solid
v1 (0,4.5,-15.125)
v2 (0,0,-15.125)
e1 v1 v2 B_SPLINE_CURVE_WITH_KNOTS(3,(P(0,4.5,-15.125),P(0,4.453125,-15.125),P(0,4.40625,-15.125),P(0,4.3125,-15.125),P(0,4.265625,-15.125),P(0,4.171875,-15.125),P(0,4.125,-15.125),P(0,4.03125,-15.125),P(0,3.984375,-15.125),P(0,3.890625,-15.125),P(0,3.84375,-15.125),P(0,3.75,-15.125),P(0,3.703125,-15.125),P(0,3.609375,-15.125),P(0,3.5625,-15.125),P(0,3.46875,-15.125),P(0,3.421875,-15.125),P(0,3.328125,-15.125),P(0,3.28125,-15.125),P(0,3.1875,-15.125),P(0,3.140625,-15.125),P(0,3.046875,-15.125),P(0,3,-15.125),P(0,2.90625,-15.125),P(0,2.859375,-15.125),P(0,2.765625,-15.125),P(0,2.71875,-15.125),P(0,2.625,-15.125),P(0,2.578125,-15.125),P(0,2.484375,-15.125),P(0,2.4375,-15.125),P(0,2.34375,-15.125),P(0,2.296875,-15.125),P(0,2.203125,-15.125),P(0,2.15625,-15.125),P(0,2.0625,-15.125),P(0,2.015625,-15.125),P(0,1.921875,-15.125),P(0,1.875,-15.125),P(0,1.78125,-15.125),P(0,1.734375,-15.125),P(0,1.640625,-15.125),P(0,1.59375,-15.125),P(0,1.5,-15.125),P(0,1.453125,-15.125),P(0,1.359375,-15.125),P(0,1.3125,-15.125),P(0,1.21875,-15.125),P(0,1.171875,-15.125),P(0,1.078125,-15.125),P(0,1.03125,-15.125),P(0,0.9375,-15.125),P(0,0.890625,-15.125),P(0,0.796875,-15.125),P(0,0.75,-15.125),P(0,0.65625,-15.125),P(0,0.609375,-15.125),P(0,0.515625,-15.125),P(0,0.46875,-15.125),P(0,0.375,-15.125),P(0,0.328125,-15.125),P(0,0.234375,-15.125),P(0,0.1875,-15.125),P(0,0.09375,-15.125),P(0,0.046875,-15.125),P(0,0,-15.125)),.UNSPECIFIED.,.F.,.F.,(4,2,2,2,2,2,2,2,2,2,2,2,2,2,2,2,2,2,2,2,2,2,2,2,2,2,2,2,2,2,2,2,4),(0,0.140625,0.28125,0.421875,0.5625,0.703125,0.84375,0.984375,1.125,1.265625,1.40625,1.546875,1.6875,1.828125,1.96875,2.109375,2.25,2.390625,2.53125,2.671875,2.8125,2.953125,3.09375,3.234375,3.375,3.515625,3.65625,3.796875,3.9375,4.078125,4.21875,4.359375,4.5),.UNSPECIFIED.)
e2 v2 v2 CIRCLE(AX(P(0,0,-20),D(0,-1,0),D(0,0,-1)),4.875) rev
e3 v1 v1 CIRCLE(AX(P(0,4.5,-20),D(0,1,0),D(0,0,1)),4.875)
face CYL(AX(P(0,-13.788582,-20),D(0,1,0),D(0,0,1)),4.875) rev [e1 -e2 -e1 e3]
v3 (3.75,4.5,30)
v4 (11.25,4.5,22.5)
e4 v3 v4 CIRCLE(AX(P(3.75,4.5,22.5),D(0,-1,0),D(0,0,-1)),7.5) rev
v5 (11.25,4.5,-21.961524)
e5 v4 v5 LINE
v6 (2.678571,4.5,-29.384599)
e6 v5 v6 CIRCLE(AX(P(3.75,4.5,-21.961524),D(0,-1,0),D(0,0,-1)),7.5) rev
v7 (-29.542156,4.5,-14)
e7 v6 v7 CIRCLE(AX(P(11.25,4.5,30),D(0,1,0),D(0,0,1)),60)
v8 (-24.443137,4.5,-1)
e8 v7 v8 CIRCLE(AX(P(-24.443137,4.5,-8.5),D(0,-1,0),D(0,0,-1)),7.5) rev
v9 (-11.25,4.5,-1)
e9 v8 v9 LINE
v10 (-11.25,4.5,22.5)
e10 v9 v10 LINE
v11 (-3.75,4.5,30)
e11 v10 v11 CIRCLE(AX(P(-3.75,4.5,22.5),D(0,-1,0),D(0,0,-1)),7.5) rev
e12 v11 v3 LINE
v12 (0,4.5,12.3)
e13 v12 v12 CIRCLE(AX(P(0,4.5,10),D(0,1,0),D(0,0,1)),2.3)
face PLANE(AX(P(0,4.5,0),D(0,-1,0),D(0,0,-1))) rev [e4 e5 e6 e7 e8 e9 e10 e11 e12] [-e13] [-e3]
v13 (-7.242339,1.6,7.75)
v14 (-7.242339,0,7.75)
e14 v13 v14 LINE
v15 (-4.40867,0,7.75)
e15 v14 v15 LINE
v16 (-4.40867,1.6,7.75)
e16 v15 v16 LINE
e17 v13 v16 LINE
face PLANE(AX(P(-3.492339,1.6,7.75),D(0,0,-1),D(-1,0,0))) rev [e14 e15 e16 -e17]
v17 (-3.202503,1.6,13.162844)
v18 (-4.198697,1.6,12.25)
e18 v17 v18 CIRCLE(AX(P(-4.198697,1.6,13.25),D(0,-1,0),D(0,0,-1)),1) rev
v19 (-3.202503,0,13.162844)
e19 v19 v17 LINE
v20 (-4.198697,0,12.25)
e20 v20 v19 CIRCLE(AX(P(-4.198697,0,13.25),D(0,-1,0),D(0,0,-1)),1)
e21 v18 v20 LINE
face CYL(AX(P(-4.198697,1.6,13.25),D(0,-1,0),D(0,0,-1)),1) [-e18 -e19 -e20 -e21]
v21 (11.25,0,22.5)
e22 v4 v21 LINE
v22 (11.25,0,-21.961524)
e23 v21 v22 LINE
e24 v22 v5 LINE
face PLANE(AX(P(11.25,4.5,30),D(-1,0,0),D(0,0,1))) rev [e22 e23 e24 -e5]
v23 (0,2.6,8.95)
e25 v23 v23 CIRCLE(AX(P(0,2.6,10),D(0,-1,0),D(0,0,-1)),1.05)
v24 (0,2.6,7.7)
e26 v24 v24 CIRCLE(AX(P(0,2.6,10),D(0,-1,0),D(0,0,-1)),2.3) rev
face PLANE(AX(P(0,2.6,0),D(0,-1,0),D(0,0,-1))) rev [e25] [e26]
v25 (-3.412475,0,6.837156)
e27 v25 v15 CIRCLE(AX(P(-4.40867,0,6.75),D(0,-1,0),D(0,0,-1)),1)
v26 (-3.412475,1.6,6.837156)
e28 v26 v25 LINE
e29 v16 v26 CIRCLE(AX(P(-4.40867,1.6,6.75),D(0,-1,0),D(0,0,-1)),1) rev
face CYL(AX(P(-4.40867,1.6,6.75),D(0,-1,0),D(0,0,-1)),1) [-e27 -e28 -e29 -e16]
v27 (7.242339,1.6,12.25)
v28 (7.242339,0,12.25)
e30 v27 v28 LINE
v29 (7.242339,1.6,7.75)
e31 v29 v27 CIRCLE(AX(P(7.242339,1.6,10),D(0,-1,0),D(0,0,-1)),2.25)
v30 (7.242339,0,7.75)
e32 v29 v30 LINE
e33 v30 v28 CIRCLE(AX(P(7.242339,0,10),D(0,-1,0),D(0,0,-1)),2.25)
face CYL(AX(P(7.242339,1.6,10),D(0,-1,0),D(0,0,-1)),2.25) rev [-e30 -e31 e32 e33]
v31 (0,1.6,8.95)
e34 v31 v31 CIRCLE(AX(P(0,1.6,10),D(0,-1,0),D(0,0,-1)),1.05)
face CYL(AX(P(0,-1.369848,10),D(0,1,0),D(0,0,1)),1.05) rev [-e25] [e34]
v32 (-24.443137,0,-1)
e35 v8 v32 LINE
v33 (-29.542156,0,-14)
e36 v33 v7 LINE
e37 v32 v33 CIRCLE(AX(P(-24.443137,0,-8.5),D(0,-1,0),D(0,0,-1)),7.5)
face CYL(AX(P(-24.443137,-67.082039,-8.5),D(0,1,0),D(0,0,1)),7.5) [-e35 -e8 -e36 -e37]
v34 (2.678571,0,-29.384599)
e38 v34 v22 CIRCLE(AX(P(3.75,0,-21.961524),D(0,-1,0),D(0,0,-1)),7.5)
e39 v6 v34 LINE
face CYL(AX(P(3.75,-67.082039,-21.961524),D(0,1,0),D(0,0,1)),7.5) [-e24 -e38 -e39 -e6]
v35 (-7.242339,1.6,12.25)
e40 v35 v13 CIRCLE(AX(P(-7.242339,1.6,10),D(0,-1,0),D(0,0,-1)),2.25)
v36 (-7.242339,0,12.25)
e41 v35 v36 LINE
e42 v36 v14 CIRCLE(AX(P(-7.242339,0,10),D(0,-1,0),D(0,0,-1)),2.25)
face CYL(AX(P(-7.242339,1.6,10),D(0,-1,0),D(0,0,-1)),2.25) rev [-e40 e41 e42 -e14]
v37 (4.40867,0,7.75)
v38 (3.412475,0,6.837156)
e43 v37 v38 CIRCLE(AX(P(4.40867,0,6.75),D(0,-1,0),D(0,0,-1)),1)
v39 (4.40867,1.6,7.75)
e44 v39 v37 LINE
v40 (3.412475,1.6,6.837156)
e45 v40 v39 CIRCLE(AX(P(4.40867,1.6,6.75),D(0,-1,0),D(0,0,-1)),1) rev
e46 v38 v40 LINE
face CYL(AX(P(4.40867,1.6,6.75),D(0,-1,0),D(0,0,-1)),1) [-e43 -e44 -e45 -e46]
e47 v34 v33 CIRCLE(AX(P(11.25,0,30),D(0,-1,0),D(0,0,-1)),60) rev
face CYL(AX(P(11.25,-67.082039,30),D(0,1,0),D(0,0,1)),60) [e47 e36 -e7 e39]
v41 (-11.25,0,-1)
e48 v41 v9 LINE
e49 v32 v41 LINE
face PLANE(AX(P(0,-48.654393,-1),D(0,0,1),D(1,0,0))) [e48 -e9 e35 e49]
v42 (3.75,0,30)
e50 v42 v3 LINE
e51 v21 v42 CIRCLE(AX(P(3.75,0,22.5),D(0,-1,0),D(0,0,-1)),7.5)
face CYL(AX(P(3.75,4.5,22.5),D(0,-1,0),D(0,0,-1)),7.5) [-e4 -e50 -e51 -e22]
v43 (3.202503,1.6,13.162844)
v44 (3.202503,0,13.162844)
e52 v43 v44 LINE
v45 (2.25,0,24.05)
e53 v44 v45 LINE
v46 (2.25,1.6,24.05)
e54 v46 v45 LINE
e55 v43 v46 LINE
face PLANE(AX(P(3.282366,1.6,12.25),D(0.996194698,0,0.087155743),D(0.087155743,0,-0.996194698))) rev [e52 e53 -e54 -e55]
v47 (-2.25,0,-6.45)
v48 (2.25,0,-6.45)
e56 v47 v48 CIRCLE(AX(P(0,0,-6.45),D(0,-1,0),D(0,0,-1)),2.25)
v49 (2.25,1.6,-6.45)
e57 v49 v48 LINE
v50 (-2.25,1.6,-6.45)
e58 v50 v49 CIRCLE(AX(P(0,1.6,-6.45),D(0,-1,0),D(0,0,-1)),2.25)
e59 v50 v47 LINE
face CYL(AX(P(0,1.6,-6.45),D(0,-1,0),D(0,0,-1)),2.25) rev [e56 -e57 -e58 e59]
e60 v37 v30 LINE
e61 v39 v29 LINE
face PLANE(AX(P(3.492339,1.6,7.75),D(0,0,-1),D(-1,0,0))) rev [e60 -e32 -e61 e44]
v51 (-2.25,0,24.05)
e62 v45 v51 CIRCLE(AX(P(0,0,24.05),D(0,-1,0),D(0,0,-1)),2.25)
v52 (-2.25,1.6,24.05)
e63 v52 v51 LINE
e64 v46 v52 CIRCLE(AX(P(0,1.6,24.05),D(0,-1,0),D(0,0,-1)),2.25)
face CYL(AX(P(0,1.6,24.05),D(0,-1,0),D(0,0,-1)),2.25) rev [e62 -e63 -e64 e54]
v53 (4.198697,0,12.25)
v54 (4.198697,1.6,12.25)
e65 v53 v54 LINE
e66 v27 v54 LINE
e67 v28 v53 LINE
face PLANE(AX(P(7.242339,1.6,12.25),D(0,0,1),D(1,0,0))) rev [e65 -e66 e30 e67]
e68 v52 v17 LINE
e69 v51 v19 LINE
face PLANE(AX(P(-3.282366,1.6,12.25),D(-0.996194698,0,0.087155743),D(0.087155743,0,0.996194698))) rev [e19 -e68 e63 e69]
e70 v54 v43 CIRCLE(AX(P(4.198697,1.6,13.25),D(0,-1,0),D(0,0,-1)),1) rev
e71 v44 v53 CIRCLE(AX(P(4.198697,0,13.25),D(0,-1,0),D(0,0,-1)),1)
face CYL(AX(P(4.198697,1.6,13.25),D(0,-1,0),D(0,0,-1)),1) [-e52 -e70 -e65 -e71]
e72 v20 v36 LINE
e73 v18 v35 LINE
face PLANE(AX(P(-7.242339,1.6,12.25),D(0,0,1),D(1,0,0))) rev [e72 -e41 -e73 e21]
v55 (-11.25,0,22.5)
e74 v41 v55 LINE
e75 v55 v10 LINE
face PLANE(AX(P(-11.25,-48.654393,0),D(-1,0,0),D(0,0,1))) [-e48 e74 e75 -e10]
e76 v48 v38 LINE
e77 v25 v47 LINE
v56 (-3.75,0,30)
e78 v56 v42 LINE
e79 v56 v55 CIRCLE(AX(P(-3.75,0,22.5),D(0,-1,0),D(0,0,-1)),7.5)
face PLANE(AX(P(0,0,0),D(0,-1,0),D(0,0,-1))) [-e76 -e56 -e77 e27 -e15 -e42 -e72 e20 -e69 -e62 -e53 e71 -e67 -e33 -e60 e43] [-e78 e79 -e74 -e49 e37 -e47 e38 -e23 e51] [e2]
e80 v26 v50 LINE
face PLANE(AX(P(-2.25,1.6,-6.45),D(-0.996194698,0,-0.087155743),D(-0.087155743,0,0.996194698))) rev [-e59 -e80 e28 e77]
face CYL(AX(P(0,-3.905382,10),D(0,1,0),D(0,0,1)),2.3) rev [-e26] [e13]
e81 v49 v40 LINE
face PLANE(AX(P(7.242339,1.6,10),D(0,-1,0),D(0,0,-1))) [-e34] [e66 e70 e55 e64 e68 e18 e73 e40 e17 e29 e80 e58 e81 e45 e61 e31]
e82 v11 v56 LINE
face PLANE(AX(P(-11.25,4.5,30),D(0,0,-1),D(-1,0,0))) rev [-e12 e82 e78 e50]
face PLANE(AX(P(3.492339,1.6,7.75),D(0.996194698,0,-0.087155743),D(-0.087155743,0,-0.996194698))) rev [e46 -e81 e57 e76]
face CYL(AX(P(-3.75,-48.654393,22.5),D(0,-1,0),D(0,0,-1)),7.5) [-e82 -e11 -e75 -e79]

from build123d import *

# Parameters (mm, degrees)
SKETCH1_W           = 22.5
SKETCH1_H           = 60
BOSS_EXTRUDE1_DEPTH = 4.5
CUT_EXTRUDE3_DEPTH  = 1.6
FILLET1_R           = 1
CUT_EXTRUDE4_START  = -1.9
SKETCH5_R           = 2.3
CUT_EXTRUDE4_DEPTH  = 1.9
SKETCH6_R           = 1.05
CUT_EXTRUDE5_DEPTH  = 1
BOSS_EXTRUDE2_DEPTH = 4.5
CUT_EXTRUDE6_DEPTH  = 4.5
SKETCH11_R          = 4.875
CUT_EXTRUDE8_DEPTH  = 4.5
CUT_EXTRUDE9_DEPTH  = 4.5
FILLET2_R           = 7.5
FILLET3_R           = 7.5


with BuildPart() as part:
    # Sketch1 → Boss-Extrude1 (new body)
    with BuildSketch(Plane(origin=(0, 0, 0), x_dir=(1, 0, 0), z_dir=(0, 1, 0))):
        Rectangle(SKETCH1_W, SKETCH1_H)
    extrude(amount=BOSS_EXTRUDE1_DEPTH)

    # Sketch4 → Cut-Extrude3 (cut)
    with BuildSketch(Plane(origin=(-18.455631439, 0, 11.83964206), x_dir=(0, 0, -1), z_dir=(0, -1, 0))):
        with BuildLine():
            Line((4.08964206, 21.947970461), (18.28964206, 20.705631439))
            ThreePointArc((18.28964206, 20.705631439), (20.53964206, 18.455631439), (18.28964206, 16.205631439))
            Line((18.28964206, 16.205631439), (4.08964206, 14.963292417))
            Line((4.08964206, 14.963292417), (4.08964206, 11.213292417))
            ThreePointArc((4.08964206, 11.213292417), (1.83964206, 8.963292417), (-0.41035794, 11.213292417))
            Line((-0.41035794, 11.213292417), (-0.41035794, 15.17326521))
            Line((-0.41035794, 15.17326521), (-12.21035794, 16.205631439))
            ThreePointArc((-12.21035794, 16.205631439), (-14.46035794, 18.455631439), (-12.21035794, 20.705631439))
            Line((-12.21035794, 20.705631439), (-0.41035794, 21.737997669))
            Line((-0.41035794, 21.737997669), (-0.41035794, 25.697970461))
            ThreePointArc((-0.41035794, 25.697970461), (1.83964206, 27.947970461), (4.08964206, 25.697970461))
            Line((4.08964206, 25.697970461), (4.08964206, 21.947970461))
        make_face()
    extrude(amount=-CUT_EXTRUDE3_DEPTH, mode=Mode.SUBTRACT)

    # Fillet1
    fillet1_edges = [part.edges().sort_by_distance(p)[0] for p in [
        (3.492339022, 0.8, 7.75),
        (-3.492339022, 0.8, 7.75),
        (-3.28236623, 0.8, 12.25),
        (3.28236623, 0.8, 12.25),
    ]]
    fillet(fillet1_edges, radius=FILLET1_R)

    # Sketch5 → Cut-Extrude4 (cut)
    with BuildSketch(Plane(origin=(0, 4.5, 0), x_dir=(1, 0, 0), z_dir=(0, 1, 0)).offset(CUT_EXTRUDE4_START)):
        with Locations(Location((0, -10, 0), (0, 0, 270))):
            Circle(SKETCH5_R)
    extrude(amount=CUT_EXTRUDE4_DEPTH, mode=Mode.SUBTRACT)

    # Sketch6 → Cut-Extrude5 (cut)
    with BuildSketch(Plane(origin=(0, 2.6, 0), x_dir=(-1, 0, 0), z_dir=(0, -1, 0))):
        with Locations(Location((0, -10, 0), (0, 0, 90))):
            Circle(SKETCH6_R)
    extrude(amount=CUT_EXTRUDE5_DEPTH, mode=Mode.SUBTRACT)

    # Sketch9 → Boss-Extrude2 (add)
    with BuildSketch(Plane(origin=(0, 4.5, 0), x_dir=(1, 0, 0), z_dir=(0, 1, 0))):
        with BuildLine():
            Line((-48.75, -30), (-11.25, -30))
            Line((-11.25, -30), (-11.25, 25.621488653))
            ThreePointArc((-11.25, 25.621488653), (-38.499371855, 3.541019662), (-48.75, -30))
        make_face()
    extrude(amount=-BOSS_EXTRUDE2_DEPTH)

    # Sketch10 → Cut-Extrude6 (cut)
    with BuildSketch(Plane(origin=(0, 4.5, 0), x_dir=(1, 0, 0), z_dir=(0, 1, 0))):
        with BuildLine():
            ThreePointArc((-11.25, 25.621488653), (-0.211035747, 28.89520065), (11.25, 30))
            Line((11.25, 30), (-11.25, 30))
            Line((-11.25, 30), (-11.25, 25.621488653))
        make_face()
    extrude(amount=-CUT_EXTRUDE6_DEPTH, mode=Mode.SUBTRACT)

    # Sketch11 → Cut-Extrude8 (cut)
    with BuildSketch(Plane(origin=(0, 4.5, 0), x_dir=(1, 0, 0), z_dir=(0, 1, 0))):
        with Locations(Location((0, 20, 0), (0, 0, 270))):
            Circle(SKETCH11_R)
    extrude(amount=-CUT_EXTRUDE8_DEPTH, mode=Mode.SUBTRACT)

    # Sketch12 → Cut-Extrude9 (cut)
    with BuildSketch(Plane(origin=(0, 4.5, 0), x_dir=(1, 0, 0), z_dir=(0, 1, 0))):
        with BuildLine():
            Line((-11.25, 1), (-40.121198156, 1))
            ThreePointArc((-40.121198156, 1), (-46.552560018, -13.910747211), (-48.75, -30))
            Line((-48.75, -30), (-11.25, -30))
            Line((-11.25, -30), (-11.25, 1))
        make_face()
    extrude(amount=-CUT_EXTRUDE9_DEPTH, mode=Mode.SUBTRACT)

    # Fillet2
    fillet2_edges = [part.edges().sort_by_distance(p)[0] for p in [
        (-40.121198156, 2.25, -1),
    ]]
    fillet(fillet2_edges, radius=FILLET2_R)

    # Fillet3
    fillet3_edges = [part.edges().sort_by_distance(p)[0] for p in [
        (-11.25, 2.25, 30),
        (11.25, 2.25, 30),
        (11.25, 2.25, -30),
    ]]
    fillet(fillet3_edges, radius=FILLET3_R)


solid = part.part
